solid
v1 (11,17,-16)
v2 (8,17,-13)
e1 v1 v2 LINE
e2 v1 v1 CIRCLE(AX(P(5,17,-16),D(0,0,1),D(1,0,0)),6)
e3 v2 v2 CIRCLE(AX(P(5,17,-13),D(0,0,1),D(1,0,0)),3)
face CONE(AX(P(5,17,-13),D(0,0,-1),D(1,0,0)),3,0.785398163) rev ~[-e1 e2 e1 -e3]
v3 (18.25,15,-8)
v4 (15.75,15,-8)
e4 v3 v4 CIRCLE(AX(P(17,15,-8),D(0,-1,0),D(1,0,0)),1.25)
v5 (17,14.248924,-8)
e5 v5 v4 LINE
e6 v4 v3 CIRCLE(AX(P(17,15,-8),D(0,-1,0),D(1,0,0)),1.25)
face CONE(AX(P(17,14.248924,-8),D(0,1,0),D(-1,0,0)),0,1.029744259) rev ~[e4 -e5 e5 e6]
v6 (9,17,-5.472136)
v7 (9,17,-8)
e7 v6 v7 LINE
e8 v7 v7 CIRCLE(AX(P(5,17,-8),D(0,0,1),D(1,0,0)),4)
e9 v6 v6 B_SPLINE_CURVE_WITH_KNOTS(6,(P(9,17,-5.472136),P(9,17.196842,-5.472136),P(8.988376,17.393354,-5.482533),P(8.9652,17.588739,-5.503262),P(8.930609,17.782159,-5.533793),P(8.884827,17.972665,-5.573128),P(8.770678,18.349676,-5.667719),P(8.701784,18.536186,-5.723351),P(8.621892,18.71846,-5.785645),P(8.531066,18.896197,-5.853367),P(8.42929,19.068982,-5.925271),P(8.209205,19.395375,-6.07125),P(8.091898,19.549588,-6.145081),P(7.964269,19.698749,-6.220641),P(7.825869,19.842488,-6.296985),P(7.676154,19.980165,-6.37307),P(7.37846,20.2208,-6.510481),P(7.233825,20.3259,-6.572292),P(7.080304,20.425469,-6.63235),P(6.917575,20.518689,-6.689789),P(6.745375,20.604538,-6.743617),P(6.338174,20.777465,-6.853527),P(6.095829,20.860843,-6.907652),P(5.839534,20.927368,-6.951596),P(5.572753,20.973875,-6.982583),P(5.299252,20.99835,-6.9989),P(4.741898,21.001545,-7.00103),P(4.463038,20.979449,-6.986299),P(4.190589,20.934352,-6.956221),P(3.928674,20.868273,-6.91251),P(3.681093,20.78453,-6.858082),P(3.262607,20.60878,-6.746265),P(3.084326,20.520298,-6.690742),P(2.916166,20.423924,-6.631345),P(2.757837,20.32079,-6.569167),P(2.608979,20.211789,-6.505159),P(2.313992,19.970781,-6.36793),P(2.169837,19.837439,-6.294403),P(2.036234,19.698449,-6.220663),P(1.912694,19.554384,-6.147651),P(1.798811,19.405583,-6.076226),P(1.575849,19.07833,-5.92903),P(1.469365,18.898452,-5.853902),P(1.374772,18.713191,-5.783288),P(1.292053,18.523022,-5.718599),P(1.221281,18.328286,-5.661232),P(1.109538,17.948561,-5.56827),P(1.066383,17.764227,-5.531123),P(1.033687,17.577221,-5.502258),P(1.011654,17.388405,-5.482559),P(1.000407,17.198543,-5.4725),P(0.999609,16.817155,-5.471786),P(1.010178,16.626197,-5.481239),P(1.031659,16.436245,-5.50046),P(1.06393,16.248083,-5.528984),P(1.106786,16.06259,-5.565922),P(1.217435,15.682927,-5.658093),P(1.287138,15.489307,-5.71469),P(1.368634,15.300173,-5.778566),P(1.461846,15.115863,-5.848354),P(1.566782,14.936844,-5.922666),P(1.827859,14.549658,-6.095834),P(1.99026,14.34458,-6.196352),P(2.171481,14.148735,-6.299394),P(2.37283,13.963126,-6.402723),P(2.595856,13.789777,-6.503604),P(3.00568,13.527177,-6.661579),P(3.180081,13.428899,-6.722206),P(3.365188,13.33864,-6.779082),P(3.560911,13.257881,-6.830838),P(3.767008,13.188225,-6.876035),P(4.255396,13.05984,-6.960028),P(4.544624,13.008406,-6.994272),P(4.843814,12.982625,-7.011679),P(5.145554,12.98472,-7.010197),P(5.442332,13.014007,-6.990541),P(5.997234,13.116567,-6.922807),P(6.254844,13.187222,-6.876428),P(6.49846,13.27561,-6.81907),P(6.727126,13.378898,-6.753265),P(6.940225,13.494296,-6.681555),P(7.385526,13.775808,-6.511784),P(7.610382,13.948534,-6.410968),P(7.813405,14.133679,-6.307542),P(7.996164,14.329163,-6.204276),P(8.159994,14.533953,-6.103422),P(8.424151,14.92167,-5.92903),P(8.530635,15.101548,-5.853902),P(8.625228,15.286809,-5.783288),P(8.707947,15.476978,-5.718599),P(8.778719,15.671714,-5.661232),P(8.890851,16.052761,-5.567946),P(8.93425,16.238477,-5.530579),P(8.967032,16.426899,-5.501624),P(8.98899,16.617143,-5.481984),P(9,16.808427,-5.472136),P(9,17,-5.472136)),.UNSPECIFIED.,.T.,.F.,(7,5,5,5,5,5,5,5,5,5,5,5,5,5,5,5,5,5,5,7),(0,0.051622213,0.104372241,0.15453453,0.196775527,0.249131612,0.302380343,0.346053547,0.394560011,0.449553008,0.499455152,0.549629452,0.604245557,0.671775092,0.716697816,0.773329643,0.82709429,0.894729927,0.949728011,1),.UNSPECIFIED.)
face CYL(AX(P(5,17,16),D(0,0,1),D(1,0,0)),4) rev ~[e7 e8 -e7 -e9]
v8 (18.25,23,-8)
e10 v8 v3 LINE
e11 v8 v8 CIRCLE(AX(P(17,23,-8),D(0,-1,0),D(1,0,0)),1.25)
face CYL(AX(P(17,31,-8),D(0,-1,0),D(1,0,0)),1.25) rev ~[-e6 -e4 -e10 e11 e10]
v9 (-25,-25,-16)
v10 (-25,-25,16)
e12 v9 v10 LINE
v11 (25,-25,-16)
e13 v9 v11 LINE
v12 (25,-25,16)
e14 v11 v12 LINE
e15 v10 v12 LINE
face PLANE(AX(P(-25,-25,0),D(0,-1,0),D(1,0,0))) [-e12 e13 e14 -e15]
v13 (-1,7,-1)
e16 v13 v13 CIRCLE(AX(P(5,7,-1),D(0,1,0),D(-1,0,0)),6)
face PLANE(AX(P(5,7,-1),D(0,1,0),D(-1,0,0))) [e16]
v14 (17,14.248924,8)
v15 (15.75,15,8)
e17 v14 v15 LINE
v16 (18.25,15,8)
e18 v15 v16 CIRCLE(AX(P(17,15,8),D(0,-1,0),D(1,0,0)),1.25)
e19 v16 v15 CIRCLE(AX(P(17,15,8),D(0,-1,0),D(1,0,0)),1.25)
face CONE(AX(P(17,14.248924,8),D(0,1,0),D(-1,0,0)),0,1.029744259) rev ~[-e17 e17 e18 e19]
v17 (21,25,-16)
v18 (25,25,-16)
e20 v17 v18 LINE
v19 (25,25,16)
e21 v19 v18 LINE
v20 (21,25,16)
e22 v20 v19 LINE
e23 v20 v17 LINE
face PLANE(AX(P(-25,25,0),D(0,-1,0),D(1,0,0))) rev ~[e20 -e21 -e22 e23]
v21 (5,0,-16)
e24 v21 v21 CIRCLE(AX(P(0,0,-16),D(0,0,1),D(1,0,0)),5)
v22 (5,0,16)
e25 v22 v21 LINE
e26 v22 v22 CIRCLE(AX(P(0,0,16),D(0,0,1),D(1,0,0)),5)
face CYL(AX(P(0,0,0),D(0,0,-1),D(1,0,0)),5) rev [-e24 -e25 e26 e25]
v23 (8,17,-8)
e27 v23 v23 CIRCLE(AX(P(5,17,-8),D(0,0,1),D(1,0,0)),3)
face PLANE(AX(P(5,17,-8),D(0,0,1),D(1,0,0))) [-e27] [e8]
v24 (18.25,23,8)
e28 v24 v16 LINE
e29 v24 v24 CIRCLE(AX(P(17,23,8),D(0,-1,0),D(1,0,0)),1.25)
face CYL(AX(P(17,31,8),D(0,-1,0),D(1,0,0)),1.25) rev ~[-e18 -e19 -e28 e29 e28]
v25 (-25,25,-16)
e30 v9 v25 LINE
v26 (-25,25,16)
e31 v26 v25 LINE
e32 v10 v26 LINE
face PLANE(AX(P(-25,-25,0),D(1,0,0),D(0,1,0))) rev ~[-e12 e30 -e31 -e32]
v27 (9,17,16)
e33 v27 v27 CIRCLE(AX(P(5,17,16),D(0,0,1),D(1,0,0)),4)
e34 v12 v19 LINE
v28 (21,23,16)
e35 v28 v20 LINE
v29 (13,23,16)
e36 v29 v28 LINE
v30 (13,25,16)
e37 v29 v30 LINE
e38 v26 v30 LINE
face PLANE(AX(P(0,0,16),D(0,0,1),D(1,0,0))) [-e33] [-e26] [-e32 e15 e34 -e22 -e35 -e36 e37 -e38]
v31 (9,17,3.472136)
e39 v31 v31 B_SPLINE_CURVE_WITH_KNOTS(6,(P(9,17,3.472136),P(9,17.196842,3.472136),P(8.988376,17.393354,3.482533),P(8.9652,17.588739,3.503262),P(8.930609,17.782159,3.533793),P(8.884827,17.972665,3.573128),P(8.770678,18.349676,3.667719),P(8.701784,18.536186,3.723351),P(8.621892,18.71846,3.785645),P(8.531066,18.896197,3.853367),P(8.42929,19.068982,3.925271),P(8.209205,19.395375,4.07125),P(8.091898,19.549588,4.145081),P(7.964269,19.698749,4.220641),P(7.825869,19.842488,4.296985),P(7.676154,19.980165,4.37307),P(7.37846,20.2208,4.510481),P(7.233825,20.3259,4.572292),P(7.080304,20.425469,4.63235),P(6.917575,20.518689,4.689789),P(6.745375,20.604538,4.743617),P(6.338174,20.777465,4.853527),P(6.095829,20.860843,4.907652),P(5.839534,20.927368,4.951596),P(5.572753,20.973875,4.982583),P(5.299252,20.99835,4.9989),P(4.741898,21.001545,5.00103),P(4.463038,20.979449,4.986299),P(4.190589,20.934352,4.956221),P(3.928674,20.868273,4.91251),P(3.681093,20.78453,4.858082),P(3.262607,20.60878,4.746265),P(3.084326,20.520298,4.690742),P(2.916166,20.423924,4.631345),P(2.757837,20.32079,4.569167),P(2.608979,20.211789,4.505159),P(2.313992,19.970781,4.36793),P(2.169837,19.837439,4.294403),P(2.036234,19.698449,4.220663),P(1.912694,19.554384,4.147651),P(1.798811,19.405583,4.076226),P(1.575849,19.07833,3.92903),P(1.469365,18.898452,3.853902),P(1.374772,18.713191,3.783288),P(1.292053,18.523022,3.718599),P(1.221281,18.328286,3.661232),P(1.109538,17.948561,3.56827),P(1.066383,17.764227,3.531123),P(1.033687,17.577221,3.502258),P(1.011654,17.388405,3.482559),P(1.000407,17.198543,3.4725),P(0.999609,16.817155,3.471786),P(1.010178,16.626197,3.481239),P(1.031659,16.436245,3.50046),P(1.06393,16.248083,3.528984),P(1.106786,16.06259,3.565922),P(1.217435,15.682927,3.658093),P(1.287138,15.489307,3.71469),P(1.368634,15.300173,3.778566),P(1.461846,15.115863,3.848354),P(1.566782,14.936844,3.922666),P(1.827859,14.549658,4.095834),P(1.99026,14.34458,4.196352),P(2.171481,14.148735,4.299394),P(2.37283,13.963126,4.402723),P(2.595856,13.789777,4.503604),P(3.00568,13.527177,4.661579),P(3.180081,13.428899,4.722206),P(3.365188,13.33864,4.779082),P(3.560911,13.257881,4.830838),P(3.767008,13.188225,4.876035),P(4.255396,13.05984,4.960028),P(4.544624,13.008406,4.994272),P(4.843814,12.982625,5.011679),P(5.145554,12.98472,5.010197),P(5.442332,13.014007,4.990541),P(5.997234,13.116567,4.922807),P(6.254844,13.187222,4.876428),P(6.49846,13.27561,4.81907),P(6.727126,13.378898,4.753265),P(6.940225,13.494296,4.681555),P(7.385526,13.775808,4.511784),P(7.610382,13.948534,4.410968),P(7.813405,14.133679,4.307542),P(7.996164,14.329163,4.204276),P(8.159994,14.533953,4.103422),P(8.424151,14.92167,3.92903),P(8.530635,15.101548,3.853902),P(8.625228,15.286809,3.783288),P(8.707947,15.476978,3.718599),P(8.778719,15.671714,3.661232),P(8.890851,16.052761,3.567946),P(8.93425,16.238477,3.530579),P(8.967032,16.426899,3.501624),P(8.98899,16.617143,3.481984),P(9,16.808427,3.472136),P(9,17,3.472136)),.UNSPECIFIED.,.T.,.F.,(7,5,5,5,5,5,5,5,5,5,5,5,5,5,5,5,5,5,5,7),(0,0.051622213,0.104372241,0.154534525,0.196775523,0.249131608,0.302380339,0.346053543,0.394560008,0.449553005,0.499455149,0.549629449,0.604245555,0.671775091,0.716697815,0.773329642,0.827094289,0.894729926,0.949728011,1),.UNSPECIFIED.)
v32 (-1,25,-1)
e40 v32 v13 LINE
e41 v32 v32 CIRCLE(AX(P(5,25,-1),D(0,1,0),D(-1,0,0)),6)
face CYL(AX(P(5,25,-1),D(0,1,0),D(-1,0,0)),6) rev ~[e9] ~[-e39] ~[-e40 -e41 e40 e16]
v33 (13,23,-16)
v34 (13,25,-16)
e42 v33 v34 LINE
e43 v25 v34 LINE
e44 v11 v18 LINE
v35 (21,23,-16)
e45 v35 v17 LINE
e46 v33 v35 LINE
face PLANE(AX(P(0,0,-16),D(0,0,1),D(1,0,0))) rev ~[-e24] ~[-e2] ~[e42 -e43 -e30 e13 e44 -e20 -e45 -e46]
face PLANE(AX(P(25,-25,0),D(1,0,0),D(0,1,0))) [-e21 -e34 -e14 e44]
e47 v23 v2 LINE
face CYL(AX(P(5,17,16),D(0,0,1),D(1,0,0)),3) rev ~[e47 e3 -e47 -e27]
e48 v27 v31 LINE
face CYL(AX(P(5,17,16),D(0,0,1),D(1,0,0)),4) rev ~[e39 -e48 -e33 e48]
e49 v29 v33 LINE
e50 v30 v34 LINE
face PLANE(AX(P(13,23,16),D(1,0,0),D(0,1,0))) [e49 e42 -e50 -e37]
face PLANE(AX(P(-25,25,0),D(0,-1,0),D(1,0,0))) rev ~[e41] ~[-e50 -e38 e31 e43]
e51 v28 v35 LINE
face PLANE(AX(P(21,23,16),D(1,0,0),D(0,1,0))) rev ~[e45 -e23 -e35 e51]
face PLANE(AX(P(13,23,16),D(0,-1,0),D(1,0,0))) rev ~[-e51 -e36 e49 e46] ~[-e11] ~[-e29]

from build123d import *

# Parameters (mm, degrees)
F0_W      = 50
F0_H      = 50
F0_R      = 5
F1_DEPTH  = 16
F2_W      = 8
F2_H      = 2
F3_DEPTH  = 32.001
F4_R      = 3
F5_DEPTH  = 32.001
F6_R      = 4
F6_R_2    = 3
F7_DEPTH  = 24
F8_R      = 6
F9_DEPTH  = 18
F10_SIZE2 = 3
F10_SIZE  = 3
F12_D     = 2.5
F12_DEPTH = 8
F12_TIP   = 0.7510757738


with BuildPart() as f1:
    # F0 (on Top) → F1 (new body, symmetric)
    with BuildSketch(Plane.XY):
        Rectangle(F0_W, F0_H)
        Circle(F0_R, mode=Mode.SUBTRACT)
    extrude(amount=F1_DEPTH, both=True)

    # F2 (on face) → F3 (cut, through all)
    with BuildSketch(Plane.XY.offset(16)):
        with Locations((17, 24)):
            Rectangle(F2_W, F2_H)
    extrude(amount=-F3_DEPTH, mode=Mode.SUBTRACT)

    # F4 (on face) → F5 (cut, through all)
    with BuildSketch(Plane.XY.offset(16)):
        with Locations((5, 17)):
            Circle(F4_R)
    extrude(amount=-F5_DEPTH, mode=Mode.SUBTRACT)

    # F6 (on face) → F7 (cut)
    with BuildSketch(Plane.XY.offset(16)):
        with Locations((5, 17)):
            Circle(F6_R)
        with Locations((5, 17)):
            Circle(F6_R_2, mode=Mode.SUBTRACT)
    extrude(amount=-F7_DEPTH, mode=Mode.SUBTRACT)

    # F8 (on face) → F9 (cut)
    with BuildSketch(Plane(origin=(0, 25, 0), x_dir=(-1, 0, 0), z_dir=(0, 1, 0))):
        with Locations((-5, -1)):
            Circle(F8_R)
    extrude(amount=-F9_DEPTH, mode=Mode.SUBTRACT)

    # F10
    f10_edges = [f1.edges().sort_by_distance(p)[0] for p in [
        (2, 17, -16),
    ]]
    chamfer(f10_edges, length=F10_SIZE, length2=F10_SIZE2)

    # F12
    with Locations(Plane(origin=(0, 23, 0), x_dir=(-1, 0, 0), z_dir=(0, 1, 0))):
        with Locations((-17, 8), (-17, -8)):
            Hole(F12_D / 2, depth=F12_DEPTH)
            with Locations((0, 0, -(F12_DEPTH + F12_TIP / 2))):  # 118° drill point
                Cone(0, F12_D / 2, F12_TIP, mode=Mode.SUBTRACT)


solid = f1.part
